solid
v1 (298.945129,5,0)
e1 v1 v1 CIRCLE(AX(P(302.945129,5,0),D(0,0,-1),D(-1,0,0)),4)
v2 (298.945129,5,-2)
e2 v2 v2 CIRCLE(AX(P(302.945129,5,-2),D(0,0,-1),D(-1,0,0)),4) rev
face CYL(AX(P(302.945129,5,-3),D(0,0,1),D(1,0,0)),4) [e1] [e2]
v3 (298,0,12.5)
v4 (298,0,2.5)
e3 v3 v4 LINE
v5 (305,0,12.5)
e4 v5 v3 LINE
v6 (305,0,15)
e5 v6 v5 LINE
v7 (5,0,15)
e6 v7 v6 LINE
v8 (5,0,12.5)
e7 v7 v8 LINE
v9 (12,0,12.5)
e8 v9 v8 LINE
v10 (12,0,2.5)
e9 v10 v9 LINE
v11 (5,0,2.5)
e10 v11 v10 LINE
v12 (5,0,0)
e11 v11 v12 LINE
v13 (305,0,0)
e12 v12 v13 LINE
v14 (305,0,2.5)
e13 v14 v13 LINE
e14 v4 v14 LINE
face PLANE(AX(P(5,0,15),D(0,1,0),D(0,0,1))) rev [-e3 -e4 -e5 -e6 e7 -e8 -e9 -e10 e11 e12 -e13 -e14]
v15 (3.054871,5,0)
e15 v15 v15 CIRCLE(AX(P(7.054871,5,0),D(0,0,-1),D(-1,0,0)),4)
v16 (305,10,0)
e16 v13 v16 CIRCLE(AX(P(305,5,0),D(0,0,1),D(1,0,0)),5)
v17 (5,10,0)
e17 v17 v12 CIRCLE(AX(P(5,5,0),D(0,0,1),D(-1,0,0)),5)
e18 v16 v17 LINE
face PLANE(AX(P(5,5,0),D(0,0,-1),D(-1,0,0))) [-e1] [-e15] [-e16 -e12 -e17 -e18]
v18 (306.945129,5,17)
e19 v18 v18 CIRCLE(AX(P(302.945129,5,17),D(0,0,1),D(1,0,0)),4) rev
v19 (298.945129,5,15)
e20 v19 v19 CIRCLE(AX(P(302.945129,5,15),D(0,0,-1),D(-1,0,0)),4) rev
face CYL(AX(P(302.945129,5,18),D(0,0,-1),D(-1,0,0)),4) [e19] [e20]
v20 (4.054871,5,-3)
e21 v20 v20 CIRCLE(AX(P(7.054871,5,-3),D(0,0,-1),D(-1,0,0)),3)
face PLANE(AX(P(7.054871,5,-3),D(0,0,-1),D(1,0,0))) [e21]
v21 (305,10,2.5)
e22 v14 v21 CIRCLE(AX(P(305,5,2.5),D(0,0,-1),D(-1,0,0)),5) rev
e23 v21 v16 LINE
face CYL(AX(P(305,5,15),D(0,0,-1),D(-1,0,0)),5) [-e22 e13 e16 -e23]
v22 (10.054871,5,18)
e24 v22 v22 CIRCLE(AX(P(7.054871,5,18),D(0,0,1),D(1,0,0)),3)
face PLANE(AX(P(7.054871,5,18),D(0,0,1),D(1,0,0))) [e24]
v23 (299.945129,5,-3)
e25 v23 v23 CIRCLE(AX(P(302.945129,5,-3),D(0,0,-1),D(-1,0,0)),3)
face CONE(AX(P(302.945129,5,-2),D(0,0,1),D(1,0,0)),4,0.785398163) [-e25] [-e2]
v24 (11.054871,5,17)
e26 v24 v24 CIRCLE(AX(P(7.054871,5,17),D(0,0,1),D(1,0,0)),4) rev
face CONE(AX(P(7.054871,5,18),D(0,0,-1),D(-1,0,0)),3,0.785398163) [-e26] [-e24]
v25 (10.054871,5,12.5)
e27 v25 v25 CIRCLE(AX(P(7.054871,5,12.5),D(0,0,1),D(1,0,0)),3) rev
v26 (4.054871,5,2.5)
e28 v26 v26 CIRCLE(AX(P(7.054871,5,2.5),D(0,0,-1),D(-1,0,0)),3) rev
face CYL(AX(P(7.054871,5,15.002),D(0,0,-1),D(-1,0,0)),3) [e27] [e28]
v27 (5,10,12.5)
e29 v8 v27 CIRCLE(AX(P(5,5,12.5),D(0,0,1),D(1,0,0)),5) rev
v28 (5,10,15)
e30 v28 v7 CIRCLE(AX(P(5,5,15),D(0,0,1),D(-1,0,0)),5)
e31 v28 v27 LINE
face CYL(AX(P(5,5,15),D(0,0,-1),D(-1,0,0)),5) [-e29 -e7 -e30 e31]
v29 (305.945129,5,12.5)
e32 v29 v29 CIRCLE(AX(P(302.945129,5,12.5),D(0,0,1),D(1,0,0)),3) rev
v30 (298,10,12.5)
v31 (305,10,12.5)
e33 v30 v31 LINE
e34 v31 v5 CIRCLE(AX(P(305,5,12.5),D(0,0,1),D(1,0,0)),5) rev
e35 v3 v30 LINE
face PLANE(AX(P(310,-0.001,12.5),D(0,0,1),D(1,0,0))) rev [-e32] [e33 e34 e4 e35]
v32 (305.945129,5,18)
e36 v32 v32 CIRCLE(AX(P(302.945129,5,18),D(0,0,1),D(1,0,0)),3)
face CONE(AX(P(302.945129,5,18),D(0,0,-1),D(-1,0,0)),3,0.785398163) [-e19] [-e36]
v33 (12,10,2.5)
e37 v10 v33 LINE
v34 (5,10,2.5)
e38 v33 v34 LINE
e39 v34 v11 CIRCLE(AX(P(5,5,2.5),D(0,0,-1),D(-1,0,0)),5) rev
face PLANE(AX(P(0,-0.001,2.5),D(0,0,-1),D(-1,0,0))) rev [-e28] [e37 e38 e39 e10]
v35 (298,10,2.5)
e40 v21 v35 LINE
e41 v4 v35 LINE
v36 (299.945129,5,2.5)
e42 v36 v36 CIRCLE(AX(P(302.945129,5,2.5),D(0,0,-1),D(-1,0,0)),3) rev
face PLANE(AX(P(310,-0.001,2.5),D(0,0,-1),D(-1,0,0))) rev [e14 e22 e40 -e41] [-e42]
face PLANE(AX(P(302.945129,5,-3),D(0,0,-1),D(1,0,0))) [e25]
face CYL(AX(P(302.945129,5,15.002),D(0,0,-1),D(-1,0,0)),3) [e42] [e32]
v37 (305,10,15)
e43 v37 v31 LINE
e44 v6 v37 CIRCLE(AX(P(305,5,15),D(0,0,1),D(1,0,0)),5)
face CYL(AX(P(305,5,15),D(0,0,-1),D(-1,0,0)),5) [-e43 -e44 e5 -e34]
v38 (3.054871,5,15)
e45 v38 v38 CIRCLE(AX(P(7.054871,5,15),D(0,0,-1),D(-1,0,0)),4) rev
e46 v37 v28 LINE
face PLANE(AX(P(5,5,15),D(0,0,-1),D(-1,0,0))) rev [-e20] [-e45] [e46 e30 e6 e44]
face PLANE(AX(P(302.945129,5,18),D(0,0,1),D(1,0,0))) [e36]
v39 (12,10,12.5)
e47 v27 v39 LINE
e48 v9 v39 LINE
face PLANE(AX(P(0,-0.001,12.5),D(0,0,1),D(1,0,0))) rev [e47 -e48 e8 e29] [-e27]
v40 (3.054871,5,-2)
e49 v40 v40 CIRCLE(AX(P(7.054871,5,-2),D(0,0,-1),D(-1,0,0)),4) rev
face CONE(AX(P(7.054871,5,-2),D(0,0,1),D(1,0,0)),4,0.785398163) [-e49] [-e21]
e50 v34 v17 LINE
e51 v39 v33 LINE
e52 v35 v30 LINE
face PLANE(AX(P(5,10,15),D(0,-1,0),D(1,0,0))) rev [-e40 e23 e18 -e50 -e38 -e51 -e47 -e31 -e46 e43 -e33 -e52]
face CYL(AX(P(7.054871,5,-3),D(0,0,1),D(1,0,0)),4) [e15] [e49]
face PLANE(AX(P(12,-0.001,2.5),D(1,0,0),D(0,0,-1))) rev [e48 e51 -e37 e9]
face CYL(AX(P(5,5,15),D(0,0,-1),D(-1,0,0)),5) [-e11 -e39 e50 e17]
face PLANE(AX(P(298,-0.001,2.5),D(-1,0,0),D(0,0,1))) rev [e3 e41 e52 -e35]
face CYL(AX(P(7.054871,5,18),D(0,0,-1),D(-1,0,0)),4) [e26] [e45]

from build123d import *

# Parameters (mm, degrees)
BOSS_EXTRU_1_DEPTH           = 15
ENL_V_MAT_EXTRU_1_REACH      = 312.524
ESQUISSE2_W                  = 12
ESQUISSE2_H                  = 10
BOSS_EXTRU_2_REACH           = 312.413
ESQUISSE3_R                  = 3
ESQUISSE4_R                  = 4
BOSS_EXTRU_3_DEPTH           = 3
CHANFREIN1_SIZE              = 1
CHANFREIN1_OF_SYM_TRIE1_SIZE = 1


with BuildPart() as part:
    # Esquisse1 → Boss.-Extru.1 (new body)
    with BuildSketch(Plane.XY):
        with BuildLine():
            Line((5, 0), (305, 0))
            ThreePointArc((305, 0), (310, 5), (305, 10))
            Line((305, 10), (5, 10))
            ThreePointArc((5, 10), (0, 5), (5, 0))
        make_face()
    extrude(amount=BOSS_EXTRU_1_DEPTH)

    # Esquisse2 → Enlèv. mat.-Extru.1 (cut, up to next)
    with BuildSketch(Plane(origin=(0, 10, 0), x_dir=(1, 0, 0), z_dir=(0, 1, 0)), mode=Mode.PRIVATE) as enl_v_mat_extru_1_sk1:
        with Locations((6, -7.5)):
            Rectangle(ESQUISSE2_W, ESQUISSE2_H)
    enl_v_mat_extru_1_tool1 = extrude(enl_v_mat_extru_1_sk1.sketch, amount=-ENL_V_MAT_EXTRU_1_REACH, mode=Mode.PRIVATE) & part.part
    # Esquisse2 → Enlèv. mat.-Extru.1 (cut, up to next)
    with BuildSketch(Plane(origin=(0, 10, 0), x_dir=(1, 0, 0), z_dir=(0, 1, 0)), mode=Mode.PRIVATE) as enl_v_mat_extru_1_sk2:
        with Locations((304, -7.5)):
            Rectangle(ESQUISSE2_W, ESQUISSE2_H)
    enl_v_mat_extru_1_tool2 = extrude(enl_v_mat_extru_1_sk2.sketch, amount=-ENL_V_MAT_EXTRU_1_REACH, mode=Mode.PRIVATE) & part.part
    add(enl_v_mat_extru_1_tool1.solids().sort_by_distance((6, 10, 7.5))[0], mode=Mode.SUBTRACT)
    add(enl_v_mat_extru_1_tool2.solids().sort_by_distance((304, 10, 7.5))[0], mode=Mode.SUBTRACT)

    # Esquisse3 → Boss.-Extru.2 (add, up to next)
    with BuildSketch(Plane.XY.offset(2.5), mode=Mode.PRIVATE) as boss_extru_2_sk1:
        with Locations(Location((7.054871053, 5, 0), (0, 0, 180))):
            Circle(ESQUISSE3_R)
    boss_extru_2_tool1 = extrude(boss_extru_2_sk1.sketch, amount=BOSS_EXTRU_2_REACH, mode=Mode.PRIVATE) - part.part
    # Esquisse3 → Boss.-Extru.2 (add, up to next)
    with BuildSketch(Plane.XY.offset(2.5), mode=Mode.PRIVATE) as boss_extru_2_sk2:
        with Locations(Location((302.945128947, 5, 0), (0, 0, 180))):
            Circle(ESQUISSE3_R)
    boss_extru_2_tool2 = extrude(boss_extru_2_sk2.sketch, amount=BOSS_EXTRU_2_REACH, mode=Mode.PRIVATE) - part.part
    add(boss_extru_2_tool1.solids().sort_by_distance((7.054871, 5, 2.5))[0])
    add(boss_extru_2_tool2.solids().sort_by_distance((302.945129, 5, 2.5))[0])

    # Esquisse4 → Boss.-Extru.3 (add)
    with BuildSketch(Plane.XY.offset(15)):
        with Locations(Location((7.054871053, 5, 0), (0, 0, 180))):
            Circle(ESQUISSE4_R)
        with Locations(Location((302.945128947, 5, 0), (0, 0, 180))):
            Circle(ESQUISSE4_R)
    boss_extru_3 = extrude(amount=BOSS_EXTRU_3_DEPTH)

    # Chanfrein1
    chanfrein1_edges = [part.edges().sort_by_distance(p)[0] for p in [
        (11.054871053, 5, 18),
        (306.945128947, 5, 18),
    ]]
    chamfer(chanfrein1_edges, length=CHANFREIN1_SIZE)

    # Symétrie1: Boss.-Extru.3 across plane
    add(boss_extru_3.mirror(Plane.XY.offset(7.5)))

    # Chanfrein1 of Symétrie1
    chanfrein1_of_sym_trie1_edges = [part.edges().sort_by_distance(p)[0] for p in [
        (11.054871053, 5, -3),
        (306.945128947, 5, -3),
    ]]
    chamfer(chanfrein1_of_sym_trie1_edges, length=CHANFREIN1_OF_SYM_TRIE1_SIZE)


solid = part.part
